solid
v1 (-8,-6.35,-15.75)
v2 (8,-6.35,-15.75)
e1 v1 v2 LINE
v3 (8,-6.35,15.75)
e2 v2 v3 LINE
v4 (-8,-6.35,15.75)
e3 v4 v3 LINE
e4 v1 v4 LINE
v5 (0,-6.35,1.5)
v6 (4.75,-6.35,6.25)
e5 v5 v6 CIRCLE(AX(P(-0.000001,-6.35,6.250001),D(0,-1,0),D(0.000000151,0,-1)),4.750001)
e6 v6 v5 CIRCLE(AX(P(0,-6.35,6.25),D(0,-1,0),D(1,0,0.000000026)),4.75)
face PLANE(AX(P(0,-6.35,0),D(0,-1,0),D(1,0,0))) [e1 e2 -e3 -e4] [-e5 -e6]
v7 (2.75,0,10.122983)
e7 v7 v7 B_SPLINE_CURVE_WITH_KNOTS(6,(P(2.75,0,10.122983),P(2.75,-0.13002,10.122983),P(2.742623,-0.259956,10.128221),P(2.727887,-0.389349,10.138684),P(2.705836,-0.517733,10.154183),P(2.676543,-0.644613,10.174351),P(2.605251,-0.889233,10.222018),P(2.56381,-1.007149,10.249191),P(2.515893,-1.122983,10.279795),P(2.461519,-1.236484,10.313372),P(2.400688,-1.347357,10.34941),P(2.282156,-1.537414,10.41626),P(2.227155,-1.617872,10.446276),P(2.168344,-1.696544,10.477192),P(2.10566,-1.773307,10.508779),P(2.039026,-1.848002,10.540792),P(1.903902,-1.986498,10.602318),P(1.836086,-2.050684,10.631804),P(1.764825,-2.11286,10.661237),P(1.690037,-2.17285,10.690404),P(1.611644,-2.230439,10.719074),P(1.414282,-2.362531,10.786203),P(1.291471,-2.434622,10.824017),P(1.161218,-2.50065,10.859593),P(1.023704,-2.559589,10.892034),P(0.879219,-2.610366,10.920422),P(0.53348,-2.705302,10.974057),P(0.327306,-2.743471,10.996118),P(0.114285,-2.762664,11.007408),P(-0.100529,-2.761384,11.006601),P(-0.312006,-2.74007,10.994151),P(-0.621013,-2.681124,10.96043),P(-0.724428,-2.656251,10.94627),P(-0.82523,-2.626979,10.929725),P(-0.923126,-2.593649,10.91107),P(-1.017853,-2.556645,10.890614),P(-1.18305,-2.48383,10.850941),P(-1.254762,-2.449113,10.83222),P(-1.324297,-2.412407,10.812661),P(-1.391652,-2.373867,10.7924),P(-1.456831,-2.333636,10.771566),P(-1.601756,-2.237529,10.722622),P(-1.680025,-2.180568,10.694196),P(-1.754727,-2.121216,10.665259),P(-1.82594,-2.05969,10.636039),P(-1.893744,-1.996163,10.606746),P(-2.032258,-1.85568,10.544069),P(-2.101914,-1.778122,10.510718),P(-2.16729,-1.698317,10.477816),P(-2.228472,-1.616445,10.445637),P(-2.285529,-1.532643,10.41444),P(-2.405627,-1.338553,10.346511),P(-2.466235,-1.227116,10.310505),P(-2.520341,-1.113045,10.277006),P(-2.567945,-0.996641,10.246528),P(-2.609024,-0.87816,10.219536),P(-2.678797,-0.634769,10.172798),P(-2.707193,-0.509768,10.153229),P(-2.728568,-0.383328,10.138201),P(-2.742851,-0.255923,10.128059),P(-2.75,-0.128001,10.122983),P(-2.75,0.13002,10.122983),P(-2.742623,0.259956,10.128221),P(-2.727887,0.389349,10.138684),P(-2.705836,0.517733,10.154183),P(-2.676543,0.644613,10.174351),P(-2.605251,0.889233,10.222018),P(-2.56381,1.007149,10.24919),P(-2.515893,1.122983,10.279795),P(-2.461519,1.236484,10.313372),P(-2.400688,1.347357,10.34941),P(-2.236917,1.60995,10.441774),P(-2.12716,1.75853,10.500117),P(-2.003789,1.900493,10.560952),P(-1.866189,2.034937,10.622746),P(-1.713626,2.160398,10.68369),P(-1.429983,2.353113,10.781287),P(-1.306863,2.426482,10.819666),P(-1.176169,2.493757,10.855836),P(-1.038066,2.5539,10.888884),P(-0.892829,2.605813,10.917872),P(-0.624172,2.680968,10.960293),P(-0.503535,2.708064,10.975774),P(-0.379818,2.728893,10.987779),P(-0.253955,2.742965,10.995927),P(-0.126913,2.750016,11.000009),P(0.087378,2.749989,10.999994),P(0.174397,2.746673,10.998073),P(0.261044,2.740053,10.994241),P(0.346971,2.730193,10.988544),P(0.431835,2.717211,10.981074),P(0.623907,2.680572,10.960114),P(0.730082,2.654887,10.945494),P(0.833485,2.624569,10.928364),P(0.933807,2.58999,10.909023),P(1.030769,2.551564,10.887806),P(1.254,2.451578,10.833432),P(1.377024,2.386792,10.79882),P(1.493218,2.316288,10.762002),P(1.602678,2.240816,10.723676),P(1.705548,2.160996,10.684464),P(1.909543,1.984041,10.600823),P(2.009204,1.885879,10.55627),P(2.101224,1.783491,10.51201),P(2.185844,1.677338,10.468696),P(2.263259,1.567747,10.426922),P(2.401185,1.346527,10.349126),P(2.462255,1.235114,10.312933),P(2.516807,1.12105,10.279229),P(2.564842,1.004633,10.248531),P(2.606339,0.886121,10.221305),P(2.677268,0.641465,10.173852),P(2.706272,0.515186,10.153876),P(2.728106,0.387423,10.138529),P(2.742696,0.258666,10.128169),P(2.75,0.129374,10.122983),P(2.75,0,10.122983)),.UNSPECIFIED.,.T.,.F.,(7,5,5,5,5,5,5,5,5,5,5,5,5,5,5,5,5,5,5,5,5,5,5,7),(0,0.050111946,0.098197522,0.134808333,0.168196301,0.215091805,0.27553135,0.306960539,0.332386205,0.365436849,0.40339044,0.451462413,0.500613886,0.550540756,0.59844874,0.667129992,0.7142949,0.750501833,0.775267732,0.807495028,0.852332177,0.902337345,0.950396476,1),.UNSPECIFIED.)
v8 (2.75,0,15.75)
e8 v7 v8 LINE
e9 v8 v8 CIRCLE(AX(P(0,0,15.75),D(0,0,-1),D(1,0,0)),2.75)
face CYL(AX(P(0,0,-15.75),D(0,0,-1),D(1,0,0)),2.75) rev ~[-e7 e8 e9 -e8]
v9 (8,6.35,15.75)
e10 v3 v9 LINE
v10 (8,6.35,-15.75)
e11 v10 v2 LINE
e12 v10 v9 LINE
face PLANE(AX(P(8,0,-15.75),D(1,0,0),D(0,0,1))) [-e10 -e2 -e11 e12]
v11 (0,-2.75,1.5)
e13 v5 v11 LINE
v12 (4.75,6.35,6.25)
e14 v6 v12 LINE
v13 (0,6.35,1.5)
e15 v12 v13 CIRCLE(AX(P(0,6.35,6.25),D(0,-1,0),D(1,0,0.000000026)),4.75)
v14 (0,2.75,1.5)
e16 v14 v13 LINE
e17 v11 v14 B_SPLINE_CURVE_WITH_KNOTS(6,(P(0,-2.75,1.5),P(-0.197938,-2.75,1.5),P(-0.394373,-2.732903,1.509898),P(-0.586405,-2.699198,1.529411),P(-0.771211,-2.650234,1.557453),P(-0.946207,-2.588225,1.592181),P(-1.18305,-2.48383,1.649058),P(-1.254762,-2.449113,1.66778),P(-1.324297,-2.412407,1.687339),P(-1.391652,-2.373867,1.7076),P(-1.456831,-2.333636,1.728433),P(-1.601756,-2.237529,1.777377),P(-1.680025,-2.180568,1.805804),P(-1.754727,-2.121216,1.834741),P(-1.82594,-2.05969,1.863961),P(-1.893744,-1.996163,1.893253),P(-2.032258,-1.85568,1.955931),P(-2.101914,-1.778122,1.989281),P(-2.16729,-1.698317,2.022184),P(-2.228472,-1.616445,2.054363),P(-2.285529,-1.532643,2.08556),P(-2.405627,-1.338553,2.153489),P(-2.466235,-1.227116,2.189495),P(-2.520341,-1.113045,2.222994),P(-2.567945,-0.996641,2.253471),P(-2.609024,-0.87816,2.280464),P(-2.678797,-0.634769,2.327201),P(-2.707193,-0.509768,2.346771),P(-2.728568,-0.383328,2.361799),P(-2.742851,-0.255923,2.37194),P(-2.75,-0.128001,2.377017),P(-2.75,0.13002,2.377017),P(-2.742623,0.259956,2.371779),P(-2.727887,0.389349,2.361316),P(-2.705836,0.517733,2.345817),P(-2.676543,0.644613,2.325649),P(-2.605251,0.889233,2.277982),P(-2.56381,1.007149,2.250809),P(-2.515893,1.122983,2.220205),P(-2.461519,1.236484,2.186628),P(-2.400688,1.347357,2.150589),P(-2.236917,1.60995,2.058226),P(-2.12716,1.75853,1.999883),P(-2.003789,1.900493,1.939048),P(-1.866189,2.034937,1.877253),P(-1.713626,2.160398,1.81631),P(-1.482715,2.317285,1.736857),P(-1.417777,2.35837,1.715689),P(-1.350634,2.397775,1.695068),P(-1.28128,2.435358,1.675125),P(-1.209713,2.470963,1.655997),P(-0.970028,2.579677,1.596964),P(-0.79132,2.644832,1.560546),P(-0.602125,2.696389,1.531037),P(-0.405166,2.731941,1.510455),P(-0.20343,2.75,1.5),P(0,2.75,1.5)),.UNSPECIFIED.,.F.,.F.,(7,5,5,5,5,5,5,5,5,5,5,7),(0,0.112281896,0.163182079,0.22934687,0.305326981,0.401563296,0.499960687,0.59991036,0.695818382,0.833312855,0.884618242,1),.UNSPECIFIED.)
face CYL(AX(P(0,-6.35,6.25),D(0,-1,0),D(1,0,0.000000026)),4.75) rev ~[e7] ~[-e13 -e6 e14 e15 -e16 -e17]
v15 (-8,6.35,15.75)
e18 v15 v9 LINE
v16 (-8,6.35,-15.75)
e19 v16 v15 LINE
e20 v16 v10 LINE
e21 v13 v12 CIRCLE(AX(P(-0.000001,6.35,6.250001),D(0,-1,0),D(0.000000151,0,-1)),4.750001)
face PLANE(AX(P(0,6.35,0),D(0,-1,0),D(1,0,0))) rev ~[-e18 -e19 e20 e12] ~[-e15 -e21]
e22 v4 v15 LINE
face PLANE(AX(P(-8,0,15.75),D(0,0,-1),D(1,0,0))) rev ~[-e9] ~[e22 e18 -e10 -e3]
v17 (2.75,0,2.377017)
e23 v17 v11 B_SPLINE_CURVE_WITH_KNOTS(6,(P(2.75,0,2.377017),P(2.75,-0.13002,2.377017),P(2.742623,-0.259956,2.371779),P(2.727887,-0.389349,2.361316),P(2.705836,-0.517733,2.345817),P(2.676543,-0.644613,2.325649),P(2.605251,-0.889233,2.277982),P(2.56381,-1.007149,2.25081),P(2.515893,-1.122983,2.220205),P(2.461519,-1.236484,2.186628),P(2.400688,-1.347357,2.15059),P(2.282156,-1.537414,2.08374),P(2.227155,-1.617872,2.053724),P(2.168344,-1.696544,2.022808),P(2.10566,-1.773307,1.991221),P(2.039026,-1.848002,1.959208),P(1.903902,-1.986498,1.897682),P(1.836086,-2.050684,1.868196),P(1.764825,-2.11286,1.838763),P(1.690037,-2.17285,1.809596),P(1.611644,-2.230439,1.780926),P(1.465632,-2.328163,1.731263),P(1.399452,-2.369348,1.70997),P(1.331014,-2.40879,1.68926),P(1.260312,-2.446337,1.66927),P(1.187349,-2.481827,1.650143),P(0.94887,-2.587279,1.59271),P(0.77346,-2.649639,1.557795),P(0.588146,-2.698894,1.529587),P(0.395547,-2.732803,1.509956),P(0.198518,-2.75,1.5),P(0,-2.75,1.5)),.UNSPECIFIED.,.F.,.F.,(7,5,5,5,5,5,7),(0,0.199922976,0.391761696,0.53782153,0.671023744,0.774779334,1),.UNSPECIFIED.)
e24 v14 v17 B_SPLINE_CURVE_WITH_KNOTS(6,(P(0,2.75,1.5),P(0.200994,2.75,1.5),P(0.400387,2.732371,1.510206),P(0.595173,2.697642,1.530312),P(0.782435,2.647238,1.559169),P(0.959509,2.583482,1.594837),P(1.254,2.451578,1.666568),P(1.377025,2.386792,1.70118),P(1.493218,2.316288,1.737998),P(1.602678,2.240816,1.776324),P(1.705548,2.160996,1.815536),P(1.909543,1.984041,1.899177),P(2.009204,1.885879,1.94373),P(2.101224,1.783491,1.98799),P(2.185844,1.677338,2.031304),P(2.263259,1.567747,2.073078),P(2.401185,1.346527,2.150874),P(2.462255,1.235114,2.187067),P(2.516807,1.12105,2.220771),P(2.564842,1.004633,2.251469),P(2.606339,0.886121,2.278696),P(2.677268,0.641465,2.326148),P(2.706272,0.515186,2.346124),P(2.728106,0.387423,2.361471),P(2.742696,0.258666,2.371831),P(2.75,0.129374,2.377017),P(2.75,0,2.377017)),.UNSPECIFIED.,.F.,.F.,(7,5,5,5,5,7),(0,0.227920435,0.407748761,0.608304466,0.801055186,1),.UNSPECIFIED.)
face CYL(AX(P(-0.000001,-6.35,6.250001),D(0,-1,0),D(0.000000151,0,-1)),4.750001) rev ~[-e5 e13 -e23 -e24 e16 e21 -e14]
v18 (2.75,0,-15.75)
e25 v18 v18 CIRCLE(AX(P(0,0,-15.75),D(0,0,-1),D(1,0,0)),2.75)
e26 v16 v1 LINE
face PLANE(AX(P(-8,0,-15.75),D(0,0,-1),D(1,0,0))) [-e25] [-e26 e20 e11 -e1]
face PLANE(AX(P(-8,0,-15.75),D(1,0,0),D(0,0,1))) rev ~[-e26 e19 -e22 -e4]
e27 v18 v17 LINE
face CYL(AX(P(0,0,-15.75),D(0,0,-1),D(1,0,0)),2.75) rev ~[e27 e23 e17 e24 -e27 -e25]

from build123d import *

# Parameters (mm, degrees)
F0_W     = 16
F0_H     = 31.5
F1_DEPTH = 6.35
F3_DEPTH = 12.701
F4_R     = 2.75
F5_DEPTH = 31.501


with BuildPart() as f1:
    # F0 (on Front) → F1 (new body, symmetric)
    with BuildSketch(Plane.XZ):
        Rectangle(F0_W, F0_H)
    extrude(amount=F1_DEPTH, both=True)

    # F2 (on face) → F3 (cut, through all)
    with BuildSketch(Plane.XZ.offset(6.35)):
        with BuildLine():
            ThreePointArc((0, 1.5), (3.358757, 2.891243), (4.75, 6.25))
            ThreePointArc((4.75, 6.25), (-3.358757, 9.608757), (0, 1.5))
        make_face()
    extrude(amount=-F3_DEPTH, mode=Mode.SUBTRACT)

    # F4 (on face) → F5 (cut, through all)
    with BuildSketch(Plane(origin=(0, 0, -15.75), x_dir=(1, 0, 0), z_dir=(0, 0, -1))):
        Circle(F4_R)
    extrude(amount=-F5_DEPTH, mode=Mode.SUBTRACT)


solid = f1.part
